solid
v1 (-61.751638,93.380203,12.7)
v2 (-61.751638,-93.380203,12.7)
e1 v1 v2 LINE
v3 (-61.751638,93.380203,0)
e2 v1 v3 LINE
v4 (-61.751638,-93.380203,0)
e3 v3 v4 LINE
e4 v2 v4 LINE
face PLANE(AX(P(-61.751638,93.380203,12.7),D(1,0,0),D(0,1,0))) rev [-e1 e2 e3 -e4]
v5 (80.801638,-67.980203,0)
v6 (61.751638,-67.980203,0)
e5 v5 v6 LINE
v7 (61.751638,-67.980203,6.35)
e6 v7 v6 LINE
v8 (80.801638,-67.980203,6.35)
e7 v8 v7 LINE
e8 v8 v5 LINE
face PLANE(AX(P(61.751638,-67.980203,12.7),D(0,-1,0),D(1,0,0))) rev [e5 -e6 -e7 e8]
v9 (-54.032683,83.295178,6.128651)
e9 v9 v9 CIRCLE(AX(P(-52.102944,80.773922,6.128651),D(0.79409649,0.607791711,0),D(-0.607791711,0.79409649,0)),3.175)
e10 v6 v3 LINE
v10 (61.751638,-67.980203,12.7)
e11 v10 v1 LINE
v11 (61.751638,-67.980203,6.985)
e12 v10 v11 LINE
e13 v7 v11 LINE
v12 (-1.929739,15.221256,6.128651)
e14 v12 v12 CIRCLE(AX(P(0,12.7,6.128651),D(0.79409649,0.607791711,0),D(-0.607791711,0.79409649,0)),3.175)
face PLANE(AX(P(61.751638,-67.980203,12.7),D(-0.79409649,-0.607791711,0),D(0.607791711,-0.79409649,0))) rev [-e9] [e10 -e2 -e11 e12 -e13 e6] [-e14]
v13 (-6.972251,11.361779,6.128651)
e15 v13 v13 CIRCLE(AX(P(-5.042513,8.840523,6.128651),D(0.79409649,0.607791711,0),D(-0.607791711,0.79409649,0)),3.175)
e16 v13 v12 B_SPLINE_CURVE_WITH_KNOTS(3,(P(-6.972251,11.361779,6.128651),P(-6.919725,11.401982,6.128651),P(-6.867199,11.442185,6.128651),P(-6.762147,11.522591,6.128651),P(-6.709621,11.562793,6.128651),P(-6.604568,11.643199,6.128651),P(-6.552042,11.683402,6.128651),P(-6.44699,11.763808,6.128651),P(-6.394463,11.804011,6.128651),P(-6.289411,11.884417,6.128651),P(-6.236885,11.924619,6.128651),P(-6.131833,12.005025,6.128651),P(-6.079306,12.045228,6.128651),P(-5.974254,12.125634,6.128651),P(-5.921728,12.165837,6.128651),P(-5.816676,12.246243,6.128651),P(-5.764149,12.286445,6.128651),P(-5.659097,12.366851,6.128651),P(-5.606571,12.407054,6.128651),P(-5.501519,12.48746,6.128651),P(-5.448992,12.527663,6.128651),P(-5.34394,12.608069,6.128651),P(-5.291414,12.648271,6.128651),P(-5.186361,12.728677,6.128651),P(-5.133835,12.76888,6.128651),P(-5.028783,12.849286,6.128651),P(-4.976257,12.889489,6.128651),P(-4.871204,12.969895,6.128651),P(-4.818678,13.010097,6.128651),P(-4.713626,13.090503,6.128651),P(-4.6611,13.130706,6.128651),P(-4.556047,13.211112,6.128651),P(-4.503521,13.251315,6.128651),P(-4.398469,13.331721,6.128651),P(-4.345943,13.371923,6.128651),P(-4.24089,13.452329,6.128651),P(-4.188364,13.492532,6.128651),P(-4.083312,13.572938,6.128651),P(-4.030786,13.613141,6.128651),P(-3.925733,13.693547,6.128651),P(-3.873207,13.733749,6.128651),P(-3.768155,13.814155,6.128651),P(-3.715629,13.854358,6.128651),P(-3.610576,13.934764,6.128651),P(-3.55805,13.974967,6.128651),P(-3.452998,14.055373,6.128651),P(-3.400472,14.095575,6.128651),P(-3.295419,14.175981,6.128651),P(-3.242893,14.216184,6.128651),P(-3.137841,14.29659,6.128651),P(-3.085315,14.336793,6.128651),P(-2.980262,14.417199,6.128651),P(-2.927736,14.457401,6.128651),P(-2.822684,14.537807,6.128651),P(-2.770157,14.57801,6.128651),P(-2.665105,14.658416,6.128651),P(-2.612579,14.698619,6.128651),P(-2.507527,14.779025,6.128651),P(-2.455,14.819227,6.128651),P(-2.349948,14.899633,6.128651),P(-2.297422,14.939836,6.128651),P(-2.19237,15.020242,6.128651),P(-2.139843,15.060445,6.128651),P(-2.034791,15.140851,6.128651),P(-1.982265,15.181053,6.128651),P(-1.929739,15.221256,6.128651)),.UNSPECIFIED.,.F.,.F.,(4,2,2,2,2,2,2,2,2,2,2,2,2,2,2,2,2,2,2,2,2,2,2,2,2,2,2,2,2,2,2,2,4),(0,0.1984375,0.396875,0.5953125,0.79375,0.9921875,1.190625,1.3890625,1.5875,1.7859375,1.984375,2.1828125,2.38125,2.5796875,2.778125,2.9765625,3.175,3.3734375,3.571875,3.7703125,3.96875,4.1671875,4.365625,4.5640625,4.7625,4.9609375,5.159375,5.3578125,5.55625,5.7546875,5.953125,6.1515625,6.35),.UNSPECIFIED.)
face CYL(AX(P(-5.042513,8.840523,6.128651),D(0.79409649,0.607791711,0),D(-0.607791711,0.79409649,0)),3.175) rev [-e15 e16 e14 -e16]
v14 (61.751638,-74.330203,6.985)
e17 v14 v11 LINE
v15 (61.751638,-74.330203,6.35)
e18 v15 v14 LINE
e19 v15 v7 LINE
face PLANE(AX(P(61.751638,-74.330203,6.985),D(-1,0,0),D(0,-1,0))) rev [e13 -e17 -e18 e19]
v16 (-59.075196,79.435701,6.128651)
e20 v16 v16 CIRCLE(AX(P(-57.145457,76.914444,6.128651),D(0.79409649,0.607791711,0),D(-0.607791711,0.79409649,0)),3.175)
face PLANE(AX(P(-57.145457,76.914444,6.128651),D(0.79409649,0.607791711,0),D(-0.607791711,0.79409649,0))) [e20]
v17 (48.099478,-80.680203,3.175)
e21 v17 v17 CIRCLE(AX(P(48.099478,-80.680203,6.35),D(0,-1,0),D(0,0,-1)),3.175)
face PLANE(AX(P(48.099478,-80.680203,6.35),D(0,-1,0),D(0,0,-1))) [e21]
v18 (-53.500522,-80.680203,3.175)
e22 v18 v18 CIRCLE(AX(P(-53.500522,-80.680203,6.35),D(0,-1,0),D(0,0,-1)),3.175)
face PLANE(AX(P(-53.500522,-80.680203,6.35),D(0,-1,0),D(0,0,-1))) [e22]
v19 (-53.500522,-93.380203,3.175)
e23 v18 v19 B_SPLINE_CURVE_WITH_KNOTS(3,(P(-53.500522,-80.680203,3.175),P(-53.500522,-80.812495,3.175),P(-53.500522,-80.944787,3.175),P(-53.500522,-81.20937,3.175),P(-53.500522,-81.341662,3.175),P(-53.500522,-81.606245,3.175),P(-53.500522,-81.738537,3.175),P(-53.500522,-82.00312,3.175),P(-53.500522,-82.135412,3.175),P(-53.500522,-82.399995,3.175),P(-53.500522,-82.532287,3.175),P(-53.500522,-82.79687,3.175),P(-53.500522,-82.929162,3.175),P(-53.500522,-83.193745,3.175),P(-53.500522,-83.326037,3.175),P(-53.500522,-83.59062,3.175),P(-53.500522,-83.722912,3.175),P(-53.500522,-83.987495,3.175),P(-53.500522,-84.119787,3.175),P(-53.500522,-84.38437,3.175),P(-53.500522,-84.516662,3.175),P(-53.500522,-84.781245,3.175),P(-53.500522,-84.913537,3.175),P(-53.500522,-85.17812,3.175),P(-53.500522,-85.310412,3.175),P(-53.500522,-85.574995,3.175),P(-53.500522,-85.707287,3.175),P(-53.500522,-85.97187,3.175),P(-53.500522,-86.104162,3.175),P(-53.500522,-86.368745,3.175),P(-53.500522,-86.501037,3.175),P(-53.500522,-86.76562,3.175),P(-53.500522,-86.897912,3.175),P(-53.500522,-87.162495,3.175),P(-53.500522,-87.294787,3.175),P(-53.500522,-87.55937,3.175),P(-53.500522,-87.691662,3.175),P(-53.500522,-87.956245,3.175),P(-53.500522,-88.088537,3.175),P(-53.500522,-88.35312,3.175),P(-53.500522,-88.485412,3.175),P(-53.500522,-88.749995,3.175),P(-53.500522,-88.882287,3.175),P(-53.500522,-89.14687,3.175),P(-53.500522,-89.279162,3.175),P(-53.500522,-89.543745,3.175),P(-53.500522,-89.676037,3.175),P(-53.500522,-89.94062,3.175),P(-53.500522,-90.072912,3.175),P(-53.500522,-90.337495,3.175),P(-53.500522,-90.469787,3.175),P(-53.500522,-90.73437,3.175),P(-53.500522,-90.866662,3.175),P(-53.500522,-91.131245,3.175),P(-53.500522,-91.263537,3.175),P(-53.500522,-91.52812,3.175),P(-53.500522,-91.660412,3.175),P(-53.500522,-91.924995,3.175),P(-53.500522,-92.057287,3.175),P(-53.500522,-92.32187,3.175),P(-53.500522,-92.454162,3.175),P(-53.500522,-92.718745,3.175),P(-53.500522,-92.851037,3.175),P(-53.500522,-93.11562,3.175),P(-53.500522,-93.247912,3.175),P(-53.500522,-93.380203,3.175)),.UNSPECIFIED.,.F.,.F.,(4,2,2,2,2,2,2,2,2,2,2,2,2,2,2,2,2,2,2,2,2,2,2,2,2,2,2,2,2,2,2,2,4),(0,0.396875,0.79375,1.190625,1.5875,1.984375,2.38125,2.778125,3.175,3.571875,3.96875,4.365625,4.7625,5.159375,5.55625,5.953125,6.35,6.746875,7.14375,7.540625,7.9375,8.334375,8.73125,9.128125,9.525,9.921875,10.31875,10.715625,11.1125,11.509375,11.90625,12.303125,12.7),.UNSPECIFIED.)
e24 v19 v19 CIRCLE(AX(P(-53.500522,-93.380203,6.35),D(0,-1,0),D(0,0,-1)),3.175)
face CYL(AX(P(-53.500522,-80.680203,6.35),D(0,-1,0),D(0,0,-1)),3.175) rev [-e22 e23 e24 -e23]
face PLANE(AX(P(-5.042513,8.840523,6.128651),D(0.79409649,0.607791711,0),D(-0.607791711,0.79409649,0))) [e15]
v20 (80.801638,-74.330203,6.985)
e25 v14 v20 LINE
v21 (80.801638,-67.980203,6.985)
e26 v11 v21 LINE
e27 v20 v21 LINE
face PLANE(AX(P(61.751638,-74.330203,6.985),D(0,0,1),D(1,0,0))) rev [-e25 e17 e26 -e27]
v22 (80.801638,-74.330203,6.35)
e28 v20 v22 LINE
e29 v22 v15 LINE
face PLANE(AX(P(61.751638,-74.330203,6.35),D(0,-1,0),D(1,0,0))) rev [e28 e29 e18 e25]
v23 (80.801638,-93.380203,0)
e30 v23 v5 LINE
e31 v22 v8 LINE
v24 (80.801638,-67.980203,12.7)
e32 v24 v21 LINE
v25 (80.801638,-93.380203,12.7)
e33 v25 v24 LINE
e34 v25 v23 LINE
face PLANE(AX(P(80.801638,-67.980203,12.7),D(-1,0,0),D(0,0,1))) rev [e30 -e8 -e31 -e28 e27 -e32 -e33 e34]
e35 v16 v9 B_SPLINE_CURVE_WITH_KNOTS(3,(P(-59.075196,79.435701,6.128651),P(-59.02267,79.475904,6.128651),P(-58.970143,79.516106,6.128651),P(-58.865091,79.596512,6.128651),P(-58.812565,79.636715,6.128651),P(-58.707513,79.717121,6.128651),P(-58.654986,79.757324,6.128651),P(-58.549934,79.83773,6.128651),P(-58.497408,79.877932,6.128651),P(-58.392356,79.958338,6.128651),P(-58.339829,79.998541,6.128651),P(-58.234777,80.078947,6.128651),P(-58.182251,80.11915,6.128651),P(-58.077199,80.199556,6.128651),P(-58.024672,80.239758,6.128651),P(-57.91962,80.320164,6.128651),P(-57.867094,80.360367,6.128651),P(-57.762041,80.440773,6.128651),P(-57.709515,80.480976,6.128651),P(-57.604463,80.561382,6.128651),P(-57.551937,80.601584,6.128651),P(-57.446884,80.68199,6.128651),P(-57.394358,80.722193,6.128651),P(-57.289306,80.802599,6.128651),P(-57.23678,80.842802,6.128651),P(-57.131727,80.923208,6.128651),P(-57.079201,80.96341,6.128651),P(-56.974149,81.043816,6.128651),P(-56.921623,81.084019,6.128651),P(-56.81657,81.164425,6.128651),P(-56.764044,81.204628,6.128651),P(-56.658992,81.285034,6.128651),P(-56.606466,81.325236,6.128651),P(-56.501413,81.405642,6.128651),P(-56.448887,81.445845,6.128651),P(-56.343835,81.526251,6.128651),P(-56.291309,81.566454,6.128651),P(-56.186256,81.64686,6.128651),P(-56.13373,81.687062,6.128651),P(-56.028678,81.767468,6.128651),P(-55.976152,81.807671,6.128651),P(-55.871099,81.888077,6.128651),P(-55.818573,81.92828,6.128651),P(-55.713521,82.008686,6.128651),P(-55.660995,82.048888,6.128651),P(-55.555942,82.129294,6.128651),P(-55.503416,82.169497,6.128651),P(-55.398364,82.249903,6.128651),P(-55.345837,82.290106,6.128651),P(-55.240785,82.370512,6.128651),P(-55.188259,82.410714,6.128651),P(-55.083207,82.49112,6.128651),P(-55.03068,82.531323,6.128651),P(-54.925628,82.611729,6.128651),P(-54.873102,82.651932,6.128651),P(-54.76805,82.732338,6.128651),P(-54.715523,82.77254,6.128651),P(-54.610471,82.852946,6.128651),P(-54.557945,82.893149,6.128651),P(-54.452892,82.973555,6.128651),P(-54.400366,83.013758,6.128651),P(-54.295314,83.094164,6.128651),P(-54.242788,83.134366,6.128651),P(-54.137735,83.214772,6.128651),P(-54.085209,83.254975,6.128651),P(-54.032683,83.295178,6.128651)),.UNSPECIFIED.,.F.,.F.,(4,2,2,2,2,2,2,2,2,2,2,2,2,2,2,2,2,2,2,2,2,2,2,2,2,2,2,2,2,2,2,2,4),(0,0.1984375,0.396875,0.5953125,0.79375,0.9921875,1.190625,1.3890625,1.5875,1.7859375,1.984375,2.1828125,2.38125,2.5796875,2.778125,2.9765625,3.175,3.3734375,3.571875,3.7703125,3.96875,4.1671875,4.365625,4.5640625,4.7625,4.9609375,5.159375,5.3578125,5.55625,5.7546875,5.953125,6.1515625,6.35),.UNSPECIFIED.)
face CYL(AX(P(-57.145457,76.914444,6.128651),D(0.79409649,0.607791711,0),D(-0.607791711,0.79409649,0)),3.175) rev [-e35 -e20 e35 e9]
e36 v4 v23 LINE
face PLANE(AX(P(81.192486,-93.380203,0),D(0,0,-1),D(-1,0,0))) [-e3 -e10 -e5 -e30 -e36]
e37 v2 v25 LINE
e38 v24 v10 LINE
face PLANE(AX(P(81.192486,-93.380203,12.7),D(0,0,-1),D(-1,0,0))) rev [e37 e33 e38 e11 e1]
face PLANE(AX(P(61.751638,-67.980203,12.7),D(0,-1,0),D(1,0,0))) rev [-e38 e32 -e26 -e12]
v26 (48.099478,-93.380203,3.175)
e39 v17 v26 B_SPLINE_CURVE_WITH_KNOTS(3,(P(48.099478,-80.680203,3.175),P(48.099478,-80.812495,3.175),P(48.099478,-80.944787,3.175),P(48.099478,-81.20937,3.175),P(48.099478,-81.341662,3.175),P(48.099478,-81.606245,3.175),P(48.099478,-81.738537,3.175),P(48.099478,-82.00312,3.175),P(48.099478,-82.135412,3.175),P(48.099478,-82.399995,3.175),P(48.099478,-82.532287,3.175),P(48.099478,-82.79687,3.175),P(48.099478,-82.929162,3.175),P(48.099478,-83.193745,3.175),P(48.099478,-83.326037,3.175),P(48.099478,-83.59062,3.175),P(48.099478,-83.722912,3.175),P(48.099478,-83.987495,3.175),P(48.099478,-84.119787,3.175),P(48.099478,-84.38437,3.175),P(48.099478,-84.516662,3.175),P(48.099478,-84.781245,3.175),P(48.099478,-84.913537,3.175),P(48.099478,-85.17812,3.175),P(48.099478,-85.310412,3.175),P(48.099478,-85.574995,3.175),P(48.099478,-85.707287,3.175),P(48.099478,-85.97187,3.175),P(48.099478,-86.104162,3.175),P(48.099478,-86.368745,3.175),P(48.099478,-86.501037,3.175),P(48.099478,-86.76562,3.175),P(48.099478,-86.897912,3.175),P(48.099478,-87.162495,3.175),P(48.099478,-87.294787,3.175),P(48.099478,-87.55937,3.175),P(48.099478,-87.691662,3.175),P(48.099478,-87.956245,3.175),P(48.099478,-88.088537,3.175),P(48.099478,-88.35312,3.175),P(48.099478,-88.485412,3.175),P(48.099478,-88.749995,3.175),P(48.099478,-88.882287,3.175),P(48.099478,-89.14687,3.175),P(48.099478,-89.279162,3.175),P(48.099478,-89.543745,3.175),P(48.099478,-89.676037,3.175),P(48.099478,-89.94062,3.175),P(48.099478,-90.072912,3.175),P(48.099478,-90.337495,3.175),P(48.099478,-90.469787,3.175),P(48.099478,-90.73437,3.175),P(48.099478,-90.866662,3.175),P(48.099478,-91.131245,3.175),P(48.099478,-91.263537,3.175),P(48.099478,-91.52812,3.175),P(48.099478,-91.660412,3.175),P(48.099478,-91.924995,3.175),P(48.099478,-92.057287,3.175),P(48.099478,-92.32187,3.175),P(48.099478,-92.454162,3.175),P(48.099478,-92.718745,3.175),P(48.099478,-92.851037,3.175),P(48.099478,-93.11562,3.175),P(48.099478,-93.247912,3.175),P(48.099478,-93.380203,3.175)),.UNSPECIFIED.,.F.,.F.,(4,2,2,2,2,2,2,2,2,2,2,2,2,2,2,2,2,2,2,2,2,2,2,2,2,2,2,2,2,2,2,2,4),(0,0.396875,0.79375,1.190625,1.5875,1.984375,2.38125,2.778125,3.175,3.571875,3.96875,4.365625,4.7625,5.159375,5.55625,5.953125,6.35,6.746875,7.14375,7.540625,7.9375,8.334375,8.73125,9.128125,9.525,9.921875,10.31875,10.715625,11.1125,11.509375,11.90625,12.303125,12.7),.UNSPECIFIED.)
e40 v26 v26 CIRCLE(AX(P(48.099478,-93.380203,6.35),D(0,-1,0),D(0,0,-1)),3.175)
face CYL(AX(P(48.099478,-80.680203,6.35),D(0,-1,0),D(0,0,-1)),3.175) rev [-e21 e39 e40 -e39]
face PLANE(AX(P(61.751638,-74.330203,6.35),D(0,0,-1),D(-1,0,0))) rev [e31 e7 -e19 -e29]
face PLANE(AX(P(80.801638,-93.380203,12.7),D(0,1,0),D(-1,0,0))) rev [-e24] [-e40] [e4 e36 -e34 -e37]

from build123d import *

# Parameters (mm, degrees)
EXTRUDE1_DEPTH = 12.7
SKETCH3_R      = 3.175
EXTRUDE2_DEPTH = 12.7
SKETCH4_R      = 3.175
EXTRUDE3_DEPTH = 6.35
SKETCH6_W      = 19.05
SKETCH6_H      = 0.635
EXTRUDE4_DEPTH = 6.35


with BuildPart() as part:
    # Sketch1 → Extrude1 (new body)
    with BuildSketch(Plane.XY):
        Polygon((-61.751637834, 93.380203425), (-61.751637834, -93.380203425), (61.751637834, -93.380203425), (80.801637834, -93.380203425), (80.801637834, -67.980203425), (61.751637834, -67.980203425), align=None)
    extrude(amount=EXTRUDE1_DEPTH)

    # Sketch3 → Extrude2 (cut)
    with BuildSketch(Plane.XZ.offset(93.380203425)):
        with Locations(Location((-53.500521912, 6.35, 0), (0, 0, 270))):
            Circle(SKETCH3_R)
        with Locations(Location((48.099478088, 6.35, 0), (0, 0, 270))):
            Circle(SKETCH3_R)
    extrude(amount=-EXTRUDE2_DEPTH, mode=Mode.SUBTRACT)

    # Sketch4 → Extrude3 (cut)
    with BuildSketch(Plane(origin=(6.12959486, 4.691516702, 0), x_dir=(0, 0, -1), z_dir=(0.7940964904073088, 0.6077917109691402, 0))):
        with Locations(Location((-6.128651302, 95.810025428, 0), (0, 0, 90))):
            Circle(SKETCH4_R)
        with Locations(Location((-6.128651302, 10.085025428, 0), (0, 0, 90))):
            Circle(SKETCH4_R)
    extrude(amount=-EXTRUDE3_DEPTH, mode=Mode.SUBTRACT)

    # Sketch6 → Extrude4 (cut)
    with BuildSketch(Plane(origin=(0, -67.980203425, 0), x_dir=(1, 0, 0), z_dir=(0, 1, 0))):
        with Locations((71.276637834, -6.6675)):
            Rectangle(SKETCH6_W, SKETCH6_H)
    extrude(amount=-EXTRUDE4_DEPTH, mode=Mode.SUBTRACT)


solid = part.part
